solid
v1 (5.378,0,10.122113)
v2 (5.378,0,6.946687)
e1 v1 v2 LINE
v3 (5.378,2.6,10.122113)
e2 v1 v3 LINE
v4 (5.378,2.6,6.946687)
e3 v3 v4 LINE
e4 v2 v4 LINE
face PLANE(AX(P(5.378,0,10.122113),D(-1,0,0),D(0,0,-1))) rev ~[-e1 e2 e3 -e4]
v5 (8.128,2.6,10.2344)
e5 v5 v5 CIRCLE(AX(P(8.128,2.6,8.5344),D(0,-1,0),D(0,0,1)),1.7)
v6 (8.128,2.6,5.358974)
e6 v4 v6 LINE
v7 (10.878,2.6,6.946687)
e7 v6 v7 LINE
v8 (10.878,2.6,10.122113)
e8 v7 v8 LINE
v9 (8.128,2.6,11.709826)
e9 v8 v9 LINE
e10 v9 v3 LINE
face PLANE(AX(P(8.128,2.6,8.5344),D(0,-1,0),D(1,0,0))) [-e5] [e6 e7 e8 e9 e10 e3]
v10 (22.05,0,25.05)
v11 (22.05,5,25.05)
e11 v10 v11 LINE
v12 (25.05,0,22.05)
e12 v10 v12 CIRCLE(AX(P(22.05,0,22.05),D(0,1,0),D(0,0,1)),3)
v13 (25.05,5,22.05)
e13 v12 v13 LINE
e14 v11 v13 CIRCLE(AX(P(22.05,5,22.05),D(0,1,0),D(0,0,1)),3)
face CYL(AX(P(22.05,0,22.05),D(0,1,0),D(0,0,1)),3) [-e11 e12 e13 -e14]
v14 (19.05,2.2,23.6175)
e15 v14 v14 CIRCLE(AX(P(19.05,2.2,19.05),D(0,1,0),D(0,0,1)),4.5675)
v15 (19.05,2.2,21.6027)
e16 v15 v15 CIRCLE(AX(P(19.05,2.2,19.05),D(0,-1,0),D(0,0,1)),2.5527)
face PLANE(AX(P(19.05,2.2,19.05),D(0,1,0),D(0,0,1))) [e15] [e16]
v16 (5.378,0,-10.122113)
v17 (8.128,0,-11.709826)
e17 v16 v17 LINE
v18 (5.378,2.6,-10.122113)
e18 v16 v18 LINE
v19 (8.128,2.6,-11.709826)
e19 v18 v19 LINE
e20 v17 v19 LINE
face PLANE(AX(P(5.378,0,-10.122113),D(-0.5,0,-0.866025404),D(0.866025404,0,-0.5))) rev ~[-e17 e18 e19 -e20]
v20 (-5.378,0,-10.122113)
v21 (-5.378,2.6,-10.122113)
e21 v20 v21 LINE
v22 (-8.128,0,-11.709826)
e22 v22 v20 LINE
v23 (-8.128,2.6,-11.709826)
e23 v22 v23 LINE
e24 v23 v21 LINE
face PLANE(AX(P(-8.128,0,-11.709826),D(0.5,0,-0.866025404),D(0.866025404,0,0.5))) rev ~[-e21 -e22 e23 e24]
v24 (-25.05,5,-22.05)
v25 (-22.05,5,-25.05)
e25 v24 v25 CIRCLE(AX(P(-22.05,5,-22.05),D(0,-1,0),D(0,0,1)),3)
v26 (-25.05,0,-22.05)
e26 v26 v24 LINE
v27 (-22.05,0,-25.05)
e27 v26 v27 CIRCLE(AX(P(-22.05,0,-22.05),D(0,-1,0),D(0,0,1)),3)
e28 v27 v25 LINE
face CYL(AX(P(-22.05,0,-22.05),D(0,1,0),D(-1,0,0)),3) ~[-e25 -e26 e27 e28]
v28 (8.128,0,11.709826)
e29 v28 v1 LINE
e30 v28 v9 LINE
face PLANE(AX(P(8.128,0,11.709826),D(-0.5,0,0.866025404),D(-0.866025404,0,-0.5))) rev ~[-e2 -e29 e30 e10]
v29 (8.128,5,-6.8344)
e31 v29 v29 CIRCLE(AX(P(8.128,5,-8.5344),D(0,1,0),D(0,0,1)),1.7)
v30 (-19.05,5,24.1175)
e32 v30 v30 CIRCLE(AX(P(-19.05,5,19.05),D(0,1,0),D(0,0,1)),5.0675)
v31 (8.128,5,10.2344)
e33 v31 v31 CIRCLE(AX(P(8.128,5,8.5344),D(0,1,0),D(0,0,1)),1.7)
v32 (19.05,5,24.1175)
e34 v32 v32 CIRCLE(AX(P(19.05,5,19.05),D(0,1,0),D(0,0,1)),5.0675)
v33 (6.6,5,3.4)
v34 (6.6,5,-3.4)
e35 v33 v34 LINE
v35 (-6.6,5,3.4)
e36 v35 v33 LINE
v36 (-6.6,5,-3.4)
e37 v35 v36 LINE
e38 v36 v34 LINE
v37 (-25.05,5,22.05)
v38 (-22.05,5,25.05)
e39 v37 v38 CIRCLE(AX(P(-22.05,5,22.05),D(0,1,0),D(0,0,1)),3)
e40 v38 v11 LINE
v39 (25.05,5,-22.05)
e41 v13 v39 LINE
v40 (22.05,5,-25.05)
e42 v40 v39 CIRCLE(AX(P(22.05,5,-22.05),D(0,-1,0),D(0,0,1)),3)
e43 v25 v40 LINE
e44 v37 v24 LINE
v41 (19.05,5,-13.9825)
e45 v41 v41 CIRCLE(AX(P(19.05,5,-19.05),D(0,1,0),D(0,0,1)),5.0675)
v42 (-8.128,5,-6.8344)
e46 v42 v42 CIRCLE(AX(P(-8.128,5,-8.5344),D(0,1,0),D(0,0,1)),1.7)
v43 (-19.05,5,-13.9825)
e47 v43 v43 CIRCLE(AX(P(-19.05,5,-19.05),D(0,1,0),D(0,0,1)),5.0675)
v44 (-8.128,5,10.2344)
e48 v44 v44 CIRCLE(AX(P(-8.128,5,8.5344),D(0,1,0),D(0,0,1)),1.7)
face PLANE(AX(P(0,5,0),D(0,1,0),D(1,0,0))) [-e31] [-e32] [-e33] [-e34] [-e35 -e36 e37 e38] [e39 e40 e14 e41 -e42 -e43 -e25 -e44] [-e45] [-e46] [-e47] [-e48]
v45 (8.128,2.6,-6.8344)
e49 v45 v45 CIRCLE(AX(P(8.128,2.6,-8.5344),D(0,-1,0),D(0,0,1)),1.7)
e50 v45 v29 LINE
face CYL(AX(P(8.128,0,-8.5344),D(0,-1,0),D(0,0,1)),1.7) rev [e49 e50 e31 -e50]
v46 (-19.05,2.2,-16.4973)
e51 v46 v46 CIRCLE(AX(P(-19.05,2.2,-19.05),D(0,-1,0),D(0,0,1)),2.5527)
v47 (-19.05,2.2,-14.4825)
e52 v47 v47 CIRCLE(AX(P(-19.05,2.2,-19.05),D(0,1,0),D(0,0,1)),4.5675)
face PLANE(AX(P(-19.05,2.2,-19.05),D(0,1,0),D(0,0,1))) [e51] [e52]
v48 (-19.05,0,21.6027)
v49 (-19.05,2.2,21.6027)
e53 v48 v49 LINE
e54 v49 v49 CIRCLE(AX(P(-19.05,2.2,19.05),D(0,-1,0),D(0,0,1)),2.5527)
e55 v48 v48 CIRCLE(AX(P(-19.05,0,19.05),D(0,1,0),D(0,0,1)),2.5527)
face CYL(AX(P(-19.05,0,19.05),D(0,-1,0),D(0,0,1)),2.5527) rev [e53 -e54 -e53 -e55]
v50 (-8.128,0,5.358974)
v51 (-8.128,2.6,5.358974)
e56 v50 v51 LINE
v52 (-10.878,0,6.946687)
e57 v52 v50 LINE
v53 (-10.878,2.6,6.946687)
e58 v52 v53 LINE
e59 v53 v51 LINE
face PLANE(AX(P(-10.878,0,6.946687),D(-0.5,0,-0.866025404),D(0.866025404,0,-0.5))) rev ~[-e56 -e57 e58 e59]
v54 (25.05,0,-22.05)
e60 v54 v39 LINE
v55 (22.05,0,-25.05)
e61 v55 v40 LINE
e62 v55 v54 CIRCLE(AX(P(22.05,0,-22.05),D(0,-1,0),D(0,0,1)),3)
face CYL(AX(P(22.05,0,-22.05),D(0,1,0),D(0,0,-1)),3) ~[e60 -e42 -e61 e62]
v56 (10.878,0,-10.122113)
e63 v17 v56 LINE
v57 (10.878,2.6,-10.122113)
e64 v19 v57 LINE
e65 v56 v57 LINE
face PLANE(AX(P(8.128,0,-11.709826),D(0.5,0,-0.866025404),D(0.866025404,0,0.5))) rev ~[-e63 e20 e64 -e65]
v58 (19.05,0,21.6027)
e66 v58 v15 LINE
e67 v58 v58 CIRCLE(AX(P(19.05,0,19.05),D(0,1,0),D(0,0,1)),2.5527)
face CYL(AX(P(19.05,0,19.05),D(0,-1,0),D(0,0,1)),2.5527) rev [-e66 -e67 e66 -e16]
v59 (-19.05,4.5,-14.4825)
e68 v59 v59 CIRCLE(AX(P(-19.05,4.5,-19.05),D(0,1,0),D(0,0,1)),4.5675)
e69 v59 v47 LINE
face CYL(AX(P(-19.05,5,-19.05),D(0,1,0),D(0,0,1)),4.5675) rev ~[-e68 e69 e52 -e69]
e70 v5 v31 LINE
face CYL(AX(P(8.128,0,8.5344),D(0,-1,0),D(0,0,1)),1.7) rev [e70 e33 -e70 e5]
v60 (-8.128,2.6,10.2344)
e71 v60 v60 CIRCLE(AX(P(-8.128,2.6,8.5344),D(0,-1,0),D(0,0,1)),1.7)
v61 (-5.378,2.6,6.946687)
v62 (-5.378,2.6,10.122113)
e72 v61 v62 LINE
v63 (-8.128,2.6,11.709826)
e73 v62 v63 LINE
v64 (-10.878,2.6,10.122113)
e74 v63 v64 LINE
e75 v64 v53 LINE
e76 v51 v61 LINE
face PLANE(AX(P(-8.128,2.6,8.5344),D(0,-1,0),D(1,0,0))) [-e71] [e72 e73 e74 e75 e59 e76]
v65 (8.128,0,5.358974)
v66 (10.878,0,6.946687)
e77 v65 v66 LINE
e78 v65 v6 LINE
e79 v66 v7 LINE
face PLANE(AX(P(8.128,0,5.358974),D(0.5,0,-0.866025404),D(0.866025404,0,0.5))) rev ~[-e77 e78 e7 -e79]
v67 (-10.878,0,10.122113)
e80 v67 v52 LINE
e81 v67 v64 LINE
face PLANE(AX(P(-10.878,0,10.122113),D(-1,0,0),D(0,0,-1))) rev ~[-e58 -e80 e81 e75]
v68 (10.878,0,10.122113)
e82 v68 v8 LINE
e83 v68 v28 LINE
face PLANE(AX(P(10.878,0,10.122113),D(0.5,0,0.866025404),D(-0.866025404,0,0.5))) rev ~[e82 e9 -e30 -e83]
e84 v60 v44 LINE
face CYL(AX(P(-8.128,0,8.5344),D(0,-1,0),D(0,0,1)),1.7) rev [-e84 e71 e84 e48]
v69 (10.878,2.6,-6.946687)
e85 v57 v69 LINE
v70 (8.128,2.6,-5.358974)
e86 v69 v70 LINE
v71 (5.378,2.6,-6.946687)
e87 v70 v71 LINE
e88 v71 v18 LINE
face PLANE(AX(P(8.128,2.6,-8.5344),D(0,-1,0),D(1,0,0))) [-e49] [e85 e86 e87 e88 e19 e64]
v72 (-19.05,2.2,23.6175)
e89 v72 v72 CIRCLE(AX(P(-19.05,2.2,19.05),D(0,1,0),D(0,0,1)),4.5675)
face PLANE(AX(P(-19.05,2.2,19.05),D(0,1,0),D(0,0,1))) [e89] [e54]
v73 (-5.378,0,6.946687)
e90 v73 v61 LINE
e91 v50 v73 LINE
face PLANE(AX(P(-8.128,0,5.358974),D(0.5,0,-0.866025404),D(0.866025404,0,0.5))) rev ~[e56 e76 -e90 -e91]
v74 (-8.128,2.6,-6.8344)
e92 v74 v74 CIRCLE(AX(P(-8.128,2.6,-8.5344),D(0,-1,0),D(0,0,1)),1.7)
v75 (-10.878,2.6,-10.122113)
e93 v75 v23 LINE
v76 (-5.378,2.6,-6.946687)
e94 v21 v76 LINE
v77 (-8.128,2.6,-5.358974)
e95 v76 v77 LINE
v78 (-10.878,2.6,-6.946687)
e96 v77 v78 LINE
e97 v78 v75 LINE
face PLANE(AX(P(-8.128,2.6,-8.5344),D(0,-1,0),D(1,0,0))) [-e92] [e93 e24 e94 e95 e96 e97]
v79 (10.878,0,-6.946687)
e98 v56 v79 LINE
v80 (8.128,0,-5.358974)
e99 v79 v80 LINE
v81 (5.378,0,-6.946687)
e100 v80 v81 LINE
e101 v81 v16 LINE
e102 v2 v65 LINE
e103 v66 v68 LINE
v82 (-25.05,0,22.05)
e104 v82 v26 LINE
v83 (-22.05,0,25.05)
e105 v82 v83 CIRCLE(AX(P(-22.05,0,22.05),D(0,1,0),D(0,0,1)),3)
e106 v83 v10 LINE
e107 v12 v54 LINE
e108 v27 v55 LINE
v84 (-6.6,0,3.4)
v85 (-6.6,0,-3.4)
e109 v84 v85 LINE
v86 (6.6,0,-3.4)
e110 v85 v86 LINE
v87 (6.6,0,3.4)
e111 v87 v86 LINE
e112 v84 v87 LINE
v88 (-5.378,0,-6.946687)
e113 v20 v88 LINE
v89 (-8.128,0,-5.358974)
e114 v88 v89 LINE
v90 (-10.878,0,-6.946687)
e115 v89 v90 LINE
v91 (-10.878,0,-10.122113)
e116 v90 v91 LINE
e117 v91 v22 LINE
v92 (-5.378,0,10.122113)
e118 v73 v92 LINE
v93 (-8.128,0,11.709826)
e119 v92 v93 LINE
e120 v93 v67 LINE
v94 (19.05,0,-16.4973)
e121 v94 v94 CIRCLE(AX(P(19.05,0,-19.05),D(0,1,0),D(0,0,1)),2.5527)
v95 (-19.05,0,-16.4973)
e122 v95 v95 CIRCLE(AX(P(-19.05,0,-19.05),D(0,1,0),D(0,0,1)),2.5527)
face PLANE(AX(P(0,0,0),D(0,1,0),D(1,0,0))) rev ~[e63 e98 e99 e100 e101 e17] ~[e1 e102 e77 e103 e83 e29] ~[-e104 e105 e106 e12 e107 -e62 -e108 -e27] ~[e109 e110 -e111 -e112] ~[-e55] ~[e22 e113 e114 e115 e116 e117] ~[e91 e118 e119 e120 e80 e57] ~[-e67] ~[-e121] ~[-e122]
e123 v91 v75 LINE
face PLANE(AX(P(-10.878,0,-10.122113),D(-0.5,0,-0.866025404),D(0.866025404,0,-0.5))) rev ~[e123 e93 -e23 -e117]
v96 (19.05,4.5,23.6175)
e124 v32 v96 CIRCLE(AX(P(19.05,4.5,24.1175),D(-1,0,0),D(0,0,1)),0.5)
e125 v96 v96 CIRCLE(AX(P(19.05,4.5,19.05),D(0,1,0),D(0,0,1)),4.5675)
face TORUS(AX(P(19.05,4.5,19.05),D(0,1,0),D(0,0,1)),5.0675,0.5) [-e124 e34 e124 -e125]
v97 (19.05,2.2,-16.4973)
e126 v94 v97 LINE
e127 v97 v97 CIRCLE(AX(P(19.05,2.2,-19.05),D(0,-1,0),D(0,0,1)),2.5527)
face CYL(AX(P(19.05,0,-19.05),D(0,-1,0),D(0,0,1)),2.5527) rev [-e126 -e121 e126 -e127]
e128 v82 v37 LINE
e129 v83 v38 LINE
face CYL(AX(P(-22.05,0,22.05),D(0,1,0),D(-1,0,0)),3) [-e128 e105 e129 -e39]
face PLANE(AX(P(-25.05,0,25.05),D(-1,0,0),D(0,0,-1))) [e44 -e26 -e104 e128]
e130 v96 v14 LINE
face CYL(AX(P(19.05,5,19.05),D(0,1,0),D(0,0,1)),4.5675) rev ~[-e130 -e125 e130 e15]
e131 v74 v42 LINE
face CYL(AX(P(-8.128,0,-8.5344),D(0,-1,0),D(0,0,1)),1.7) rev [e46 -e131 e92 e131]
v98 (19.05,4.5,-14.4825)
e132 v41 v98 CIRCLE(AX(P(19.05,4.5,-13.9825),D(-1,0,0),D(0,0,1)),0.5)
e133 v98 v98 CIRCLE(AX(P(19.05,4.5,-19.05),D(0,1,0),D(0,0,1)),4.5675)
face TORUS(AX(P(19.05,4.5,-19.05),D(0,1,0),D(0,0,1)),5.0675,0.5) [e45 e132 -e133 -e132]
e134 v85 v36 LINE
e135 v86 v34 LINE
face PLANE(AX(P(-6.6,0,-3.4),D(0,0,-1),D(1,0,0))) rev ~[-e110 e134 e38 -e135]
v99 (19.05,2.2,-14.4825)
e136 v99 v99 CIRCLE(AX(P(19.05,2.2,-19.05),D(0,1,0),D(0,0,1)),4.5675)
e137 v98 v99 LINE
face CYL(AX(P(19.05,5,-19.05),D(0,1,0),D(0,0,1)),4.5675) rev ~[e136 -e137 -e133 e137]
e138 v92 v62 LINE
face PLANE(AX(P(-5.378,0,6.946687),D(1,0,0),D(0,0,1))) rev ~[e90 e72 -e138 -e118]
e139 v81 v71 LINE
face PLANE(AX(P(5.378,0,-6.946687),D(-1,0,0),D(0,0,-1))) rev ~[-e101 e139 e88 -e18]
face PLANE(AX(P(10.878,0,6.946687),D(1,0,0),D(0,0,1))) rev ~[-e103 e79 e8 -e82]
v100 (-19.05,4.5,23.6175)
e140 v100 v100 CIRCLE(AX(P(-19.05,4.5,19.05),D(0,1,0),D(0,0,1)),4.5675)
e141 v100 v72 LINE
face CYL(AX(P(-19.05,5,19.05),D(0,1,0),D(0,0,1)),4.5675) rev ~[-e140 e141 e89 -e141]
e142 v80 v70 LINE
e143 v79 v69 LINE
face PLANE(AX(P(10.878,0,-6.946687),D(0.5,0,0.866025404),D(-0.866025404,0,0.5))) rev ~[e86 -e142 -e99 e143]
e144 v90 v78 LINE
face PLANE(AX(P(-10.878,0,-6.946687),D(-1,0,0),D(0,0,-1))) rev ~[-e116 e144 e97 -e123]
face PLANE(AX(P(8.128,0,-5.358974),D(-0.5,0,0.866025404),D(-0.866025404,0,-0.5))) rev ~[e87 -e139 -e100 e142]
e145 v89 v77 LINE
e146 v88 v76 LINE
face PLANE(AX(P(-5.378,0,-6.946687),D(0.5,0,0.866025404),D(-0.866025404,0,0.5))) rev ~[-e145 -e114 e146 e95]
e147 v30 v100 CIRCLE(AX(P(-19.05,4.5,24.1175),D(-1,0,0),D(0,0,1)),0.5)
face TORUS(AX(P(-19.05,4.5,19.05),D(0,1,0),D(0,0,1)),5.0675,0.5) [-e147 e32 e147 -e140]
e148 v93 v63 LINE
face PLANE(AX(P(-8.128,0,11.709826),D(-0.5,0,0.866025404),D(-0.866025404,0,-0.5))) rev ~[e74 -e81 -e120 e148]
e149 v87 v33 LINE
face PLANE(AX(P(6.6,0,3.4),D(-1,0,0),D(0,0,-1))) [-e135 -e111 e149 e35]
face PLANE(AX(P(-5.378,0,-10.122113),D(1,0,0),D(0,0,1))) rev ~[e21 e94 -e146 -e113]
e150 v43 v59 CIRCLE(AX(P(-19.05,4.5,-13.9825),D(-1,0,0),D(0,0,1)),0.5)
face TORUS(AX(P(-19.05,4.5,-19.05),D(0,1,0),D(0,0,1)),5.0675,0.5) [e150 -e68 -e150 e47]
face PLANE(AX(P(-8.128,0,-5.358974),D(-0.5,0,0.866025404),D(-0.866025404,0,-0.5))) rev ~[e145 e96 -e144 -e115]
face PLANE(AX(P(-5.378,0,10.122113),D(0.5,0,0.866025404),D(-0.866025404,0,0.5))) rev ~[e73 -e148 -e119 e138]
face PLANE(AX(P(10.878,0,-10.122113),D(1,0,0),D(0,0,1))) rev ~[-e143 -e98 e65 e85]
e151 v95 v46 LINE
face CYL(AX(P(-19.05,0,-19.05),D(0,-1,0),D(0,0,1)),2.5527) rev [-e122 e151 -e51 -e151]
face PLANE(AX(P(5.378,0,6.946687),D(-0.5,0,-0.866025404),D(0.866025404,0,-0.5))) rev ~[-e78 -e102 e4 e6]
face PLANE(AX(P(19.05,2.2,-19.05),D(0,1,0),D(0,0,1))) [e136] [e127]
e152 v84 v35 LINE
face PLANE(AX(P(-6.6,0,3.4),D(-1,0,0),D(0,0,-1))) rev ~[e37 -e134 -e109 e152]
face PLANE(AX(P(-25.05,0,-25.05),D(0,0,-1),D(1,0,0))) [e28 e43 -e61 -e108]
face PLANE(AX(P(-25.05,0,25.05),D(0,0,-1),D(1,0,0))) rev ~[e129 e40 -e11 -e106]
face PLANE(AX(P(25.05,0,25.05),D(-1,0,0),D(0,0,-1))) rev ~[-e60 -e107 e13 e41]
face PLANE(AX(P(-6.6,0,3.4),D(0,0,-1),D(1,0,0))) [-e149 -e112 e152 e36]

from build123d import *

# Parameters (mm, degrees)
SKETCH1_W           = 50.1
SKETCH1_H           = 50.1
SKETCH1_R           = 1.7
SKETCH1_R_2         = 2.5527
SKETCH1_W_2         = 13.2
SKETCH1_H_2         = 6.8
BOSS_EXTRUDE1_DEPTH = 5
FILLET1_R           = 3
CUT_EXTRUDE1_DEPTH  = 2.6
SKETCH5_R           = 4.5675
CUT_EXTRUDE4_DEPTH  = 2.8
FILLET2_R           = 0.5


with BuildPart() as part:
    # Sketch1 → Boss-Extrude1 (new body)
    with BuildSketch(Plane(origin=(0, 0, 0), x_dir=(1, 0, 0), z_dir=(0, 1, 0))):
        Rectangle(SKETCH1_W, SKETCH1_H)
        with Locations(Location((8.128, 8.5344, 0), (0, 0, 270))):
            Circle(SKETCH1_R, mode=Mode.SUBTRACT)
        with Locations(Location((-8.128, 8.5344, 0), (0, 0, 270))):
            Circle(SKETCH1_R, mode=Mode.SUBTRACT)
        with Locations(Location((19.05, 19.05, 0), (0, 0, 270))):
            Circle(SKETCH1_R_2, mode=Mode.SUBTRACT)
        with Locations(Location((-19.05, 19.05, 0), (0, 0, 270))):
            Circle(SKETCH1_R_2, mode=Mode.SUBTRACT)
        with Locations(Location((19.05, -19.05, 0), (0, 0, 270))):
            Circle(SKETCH1_R_2, mode=Mode.SUBTRACT)
        with Locations(Location((-19.05, -19.05, 0), (0, 0, 270))):
            Circle(SKETCH1_R_2, mode=Mode.SUBTRACT)
        with Locations(Location((8.128, -8.5344, 0), (0, 0, 270))):
            Circle(SKETCH1_R, mode=Mode.SUBTRACT)
        with Locations(Location((-8.128, -8.5344, 0), (0, 0, 270))):
            Circle(SKETCH1_R, mode=Mode.SUBTRACT)
        Rectangle(SKETCH1_W_2, SKETCH1_H_2, mode=Mode.SUBTRACT)
    extrude(amount=BOSS_EXTRUDE1_DEPTH)

    # Fillet1
    fillet1_edges = [part.edges().sort_by_distance(p)[0] for p in [
        (-25.05, 2.5, 25.05),
        (-25.05, 2.5, -25.05),
        (25.05, 2.5, -25.05),
        (25.05, 2.5, 25.05),
    ]]
    fillet(fillet1_edges, radius=FILLET1_R)

    # Sketch2 → Cut-Extrude1 (cut)
    with BuildSketch(Plane.XZ):
        Polygon((-8.128, 11.709826481), (-10.878, 10.12211324), (-10.878, 6.94668676), (-8.128, 5.358973519), (-5.378, 6.94668676), (-5.378, 10.12211324), align=None)
        Polygon((8.128, 11.709826481), (5.378, 10.12211324), (5.378, 6.94668676), (8.128, 5.358973519), (10.878, 6.94668676), (10.878, 10.12211324), align=None)
        Polygon((-8.128, -5.358973519), (-10.878, -6.94668676), (-10.878, -10.12211324), (-8.128, -11.709826481), (-5.378, -10.12211324), (-5.378, -6.94668676), align=None)
        Polygon((8.128, -5.358973519), (5.378, -6.94668676), (5.378, -10.12211324), (8.128, -11.709826481), (10.878, -10.12211324), (10.878, -6.94668676), align=None)
    extrude(amount=-CUT_EXTRUDE1_DEPTH, mode=Mode.SUBTRACT)

    # Sketch5 → Cut-Extrude4 (cut)
    with BuildSketch(Plane(origin=(0, 5, 0), x_dir=(1, 0, 0), z_dir=(0, 1, 0))):
        with Locations(Location((-19.05, 19.05, 0), (0, 0, 270))):
            Circle(SKETCH5_R)
        with Locations(Location((19.05, 19.05, 0), (0, 0, 270))):
            Circle(SKETCH5_R)
        with Locations(Location((19.05, -19.05, 0), (0, 0, 270))):
            Circle(SKETCH5_R)
        with Locations(Location((-19.05, -19.05, 0), (0, 0, 270))):
            Circle(SKETCH5_R)
    extrude(amount=-CUT_EXTRUDE4_DEPTH, mode=Mode.SUBTRACT)

    # Fillet2
    fillet2_edges = [part.edges().sort_by_distance(p)[0] for p in [
        (-19.05, 5, 14.4825),
        (19.05, 5, 14.4825),
        (19.05, 5, -23.6175),
        (-19.05, 5, -23.6175),
    ]]
    fillet(fillet2_edges, radius=FILLET2_R)


solid = part.part
